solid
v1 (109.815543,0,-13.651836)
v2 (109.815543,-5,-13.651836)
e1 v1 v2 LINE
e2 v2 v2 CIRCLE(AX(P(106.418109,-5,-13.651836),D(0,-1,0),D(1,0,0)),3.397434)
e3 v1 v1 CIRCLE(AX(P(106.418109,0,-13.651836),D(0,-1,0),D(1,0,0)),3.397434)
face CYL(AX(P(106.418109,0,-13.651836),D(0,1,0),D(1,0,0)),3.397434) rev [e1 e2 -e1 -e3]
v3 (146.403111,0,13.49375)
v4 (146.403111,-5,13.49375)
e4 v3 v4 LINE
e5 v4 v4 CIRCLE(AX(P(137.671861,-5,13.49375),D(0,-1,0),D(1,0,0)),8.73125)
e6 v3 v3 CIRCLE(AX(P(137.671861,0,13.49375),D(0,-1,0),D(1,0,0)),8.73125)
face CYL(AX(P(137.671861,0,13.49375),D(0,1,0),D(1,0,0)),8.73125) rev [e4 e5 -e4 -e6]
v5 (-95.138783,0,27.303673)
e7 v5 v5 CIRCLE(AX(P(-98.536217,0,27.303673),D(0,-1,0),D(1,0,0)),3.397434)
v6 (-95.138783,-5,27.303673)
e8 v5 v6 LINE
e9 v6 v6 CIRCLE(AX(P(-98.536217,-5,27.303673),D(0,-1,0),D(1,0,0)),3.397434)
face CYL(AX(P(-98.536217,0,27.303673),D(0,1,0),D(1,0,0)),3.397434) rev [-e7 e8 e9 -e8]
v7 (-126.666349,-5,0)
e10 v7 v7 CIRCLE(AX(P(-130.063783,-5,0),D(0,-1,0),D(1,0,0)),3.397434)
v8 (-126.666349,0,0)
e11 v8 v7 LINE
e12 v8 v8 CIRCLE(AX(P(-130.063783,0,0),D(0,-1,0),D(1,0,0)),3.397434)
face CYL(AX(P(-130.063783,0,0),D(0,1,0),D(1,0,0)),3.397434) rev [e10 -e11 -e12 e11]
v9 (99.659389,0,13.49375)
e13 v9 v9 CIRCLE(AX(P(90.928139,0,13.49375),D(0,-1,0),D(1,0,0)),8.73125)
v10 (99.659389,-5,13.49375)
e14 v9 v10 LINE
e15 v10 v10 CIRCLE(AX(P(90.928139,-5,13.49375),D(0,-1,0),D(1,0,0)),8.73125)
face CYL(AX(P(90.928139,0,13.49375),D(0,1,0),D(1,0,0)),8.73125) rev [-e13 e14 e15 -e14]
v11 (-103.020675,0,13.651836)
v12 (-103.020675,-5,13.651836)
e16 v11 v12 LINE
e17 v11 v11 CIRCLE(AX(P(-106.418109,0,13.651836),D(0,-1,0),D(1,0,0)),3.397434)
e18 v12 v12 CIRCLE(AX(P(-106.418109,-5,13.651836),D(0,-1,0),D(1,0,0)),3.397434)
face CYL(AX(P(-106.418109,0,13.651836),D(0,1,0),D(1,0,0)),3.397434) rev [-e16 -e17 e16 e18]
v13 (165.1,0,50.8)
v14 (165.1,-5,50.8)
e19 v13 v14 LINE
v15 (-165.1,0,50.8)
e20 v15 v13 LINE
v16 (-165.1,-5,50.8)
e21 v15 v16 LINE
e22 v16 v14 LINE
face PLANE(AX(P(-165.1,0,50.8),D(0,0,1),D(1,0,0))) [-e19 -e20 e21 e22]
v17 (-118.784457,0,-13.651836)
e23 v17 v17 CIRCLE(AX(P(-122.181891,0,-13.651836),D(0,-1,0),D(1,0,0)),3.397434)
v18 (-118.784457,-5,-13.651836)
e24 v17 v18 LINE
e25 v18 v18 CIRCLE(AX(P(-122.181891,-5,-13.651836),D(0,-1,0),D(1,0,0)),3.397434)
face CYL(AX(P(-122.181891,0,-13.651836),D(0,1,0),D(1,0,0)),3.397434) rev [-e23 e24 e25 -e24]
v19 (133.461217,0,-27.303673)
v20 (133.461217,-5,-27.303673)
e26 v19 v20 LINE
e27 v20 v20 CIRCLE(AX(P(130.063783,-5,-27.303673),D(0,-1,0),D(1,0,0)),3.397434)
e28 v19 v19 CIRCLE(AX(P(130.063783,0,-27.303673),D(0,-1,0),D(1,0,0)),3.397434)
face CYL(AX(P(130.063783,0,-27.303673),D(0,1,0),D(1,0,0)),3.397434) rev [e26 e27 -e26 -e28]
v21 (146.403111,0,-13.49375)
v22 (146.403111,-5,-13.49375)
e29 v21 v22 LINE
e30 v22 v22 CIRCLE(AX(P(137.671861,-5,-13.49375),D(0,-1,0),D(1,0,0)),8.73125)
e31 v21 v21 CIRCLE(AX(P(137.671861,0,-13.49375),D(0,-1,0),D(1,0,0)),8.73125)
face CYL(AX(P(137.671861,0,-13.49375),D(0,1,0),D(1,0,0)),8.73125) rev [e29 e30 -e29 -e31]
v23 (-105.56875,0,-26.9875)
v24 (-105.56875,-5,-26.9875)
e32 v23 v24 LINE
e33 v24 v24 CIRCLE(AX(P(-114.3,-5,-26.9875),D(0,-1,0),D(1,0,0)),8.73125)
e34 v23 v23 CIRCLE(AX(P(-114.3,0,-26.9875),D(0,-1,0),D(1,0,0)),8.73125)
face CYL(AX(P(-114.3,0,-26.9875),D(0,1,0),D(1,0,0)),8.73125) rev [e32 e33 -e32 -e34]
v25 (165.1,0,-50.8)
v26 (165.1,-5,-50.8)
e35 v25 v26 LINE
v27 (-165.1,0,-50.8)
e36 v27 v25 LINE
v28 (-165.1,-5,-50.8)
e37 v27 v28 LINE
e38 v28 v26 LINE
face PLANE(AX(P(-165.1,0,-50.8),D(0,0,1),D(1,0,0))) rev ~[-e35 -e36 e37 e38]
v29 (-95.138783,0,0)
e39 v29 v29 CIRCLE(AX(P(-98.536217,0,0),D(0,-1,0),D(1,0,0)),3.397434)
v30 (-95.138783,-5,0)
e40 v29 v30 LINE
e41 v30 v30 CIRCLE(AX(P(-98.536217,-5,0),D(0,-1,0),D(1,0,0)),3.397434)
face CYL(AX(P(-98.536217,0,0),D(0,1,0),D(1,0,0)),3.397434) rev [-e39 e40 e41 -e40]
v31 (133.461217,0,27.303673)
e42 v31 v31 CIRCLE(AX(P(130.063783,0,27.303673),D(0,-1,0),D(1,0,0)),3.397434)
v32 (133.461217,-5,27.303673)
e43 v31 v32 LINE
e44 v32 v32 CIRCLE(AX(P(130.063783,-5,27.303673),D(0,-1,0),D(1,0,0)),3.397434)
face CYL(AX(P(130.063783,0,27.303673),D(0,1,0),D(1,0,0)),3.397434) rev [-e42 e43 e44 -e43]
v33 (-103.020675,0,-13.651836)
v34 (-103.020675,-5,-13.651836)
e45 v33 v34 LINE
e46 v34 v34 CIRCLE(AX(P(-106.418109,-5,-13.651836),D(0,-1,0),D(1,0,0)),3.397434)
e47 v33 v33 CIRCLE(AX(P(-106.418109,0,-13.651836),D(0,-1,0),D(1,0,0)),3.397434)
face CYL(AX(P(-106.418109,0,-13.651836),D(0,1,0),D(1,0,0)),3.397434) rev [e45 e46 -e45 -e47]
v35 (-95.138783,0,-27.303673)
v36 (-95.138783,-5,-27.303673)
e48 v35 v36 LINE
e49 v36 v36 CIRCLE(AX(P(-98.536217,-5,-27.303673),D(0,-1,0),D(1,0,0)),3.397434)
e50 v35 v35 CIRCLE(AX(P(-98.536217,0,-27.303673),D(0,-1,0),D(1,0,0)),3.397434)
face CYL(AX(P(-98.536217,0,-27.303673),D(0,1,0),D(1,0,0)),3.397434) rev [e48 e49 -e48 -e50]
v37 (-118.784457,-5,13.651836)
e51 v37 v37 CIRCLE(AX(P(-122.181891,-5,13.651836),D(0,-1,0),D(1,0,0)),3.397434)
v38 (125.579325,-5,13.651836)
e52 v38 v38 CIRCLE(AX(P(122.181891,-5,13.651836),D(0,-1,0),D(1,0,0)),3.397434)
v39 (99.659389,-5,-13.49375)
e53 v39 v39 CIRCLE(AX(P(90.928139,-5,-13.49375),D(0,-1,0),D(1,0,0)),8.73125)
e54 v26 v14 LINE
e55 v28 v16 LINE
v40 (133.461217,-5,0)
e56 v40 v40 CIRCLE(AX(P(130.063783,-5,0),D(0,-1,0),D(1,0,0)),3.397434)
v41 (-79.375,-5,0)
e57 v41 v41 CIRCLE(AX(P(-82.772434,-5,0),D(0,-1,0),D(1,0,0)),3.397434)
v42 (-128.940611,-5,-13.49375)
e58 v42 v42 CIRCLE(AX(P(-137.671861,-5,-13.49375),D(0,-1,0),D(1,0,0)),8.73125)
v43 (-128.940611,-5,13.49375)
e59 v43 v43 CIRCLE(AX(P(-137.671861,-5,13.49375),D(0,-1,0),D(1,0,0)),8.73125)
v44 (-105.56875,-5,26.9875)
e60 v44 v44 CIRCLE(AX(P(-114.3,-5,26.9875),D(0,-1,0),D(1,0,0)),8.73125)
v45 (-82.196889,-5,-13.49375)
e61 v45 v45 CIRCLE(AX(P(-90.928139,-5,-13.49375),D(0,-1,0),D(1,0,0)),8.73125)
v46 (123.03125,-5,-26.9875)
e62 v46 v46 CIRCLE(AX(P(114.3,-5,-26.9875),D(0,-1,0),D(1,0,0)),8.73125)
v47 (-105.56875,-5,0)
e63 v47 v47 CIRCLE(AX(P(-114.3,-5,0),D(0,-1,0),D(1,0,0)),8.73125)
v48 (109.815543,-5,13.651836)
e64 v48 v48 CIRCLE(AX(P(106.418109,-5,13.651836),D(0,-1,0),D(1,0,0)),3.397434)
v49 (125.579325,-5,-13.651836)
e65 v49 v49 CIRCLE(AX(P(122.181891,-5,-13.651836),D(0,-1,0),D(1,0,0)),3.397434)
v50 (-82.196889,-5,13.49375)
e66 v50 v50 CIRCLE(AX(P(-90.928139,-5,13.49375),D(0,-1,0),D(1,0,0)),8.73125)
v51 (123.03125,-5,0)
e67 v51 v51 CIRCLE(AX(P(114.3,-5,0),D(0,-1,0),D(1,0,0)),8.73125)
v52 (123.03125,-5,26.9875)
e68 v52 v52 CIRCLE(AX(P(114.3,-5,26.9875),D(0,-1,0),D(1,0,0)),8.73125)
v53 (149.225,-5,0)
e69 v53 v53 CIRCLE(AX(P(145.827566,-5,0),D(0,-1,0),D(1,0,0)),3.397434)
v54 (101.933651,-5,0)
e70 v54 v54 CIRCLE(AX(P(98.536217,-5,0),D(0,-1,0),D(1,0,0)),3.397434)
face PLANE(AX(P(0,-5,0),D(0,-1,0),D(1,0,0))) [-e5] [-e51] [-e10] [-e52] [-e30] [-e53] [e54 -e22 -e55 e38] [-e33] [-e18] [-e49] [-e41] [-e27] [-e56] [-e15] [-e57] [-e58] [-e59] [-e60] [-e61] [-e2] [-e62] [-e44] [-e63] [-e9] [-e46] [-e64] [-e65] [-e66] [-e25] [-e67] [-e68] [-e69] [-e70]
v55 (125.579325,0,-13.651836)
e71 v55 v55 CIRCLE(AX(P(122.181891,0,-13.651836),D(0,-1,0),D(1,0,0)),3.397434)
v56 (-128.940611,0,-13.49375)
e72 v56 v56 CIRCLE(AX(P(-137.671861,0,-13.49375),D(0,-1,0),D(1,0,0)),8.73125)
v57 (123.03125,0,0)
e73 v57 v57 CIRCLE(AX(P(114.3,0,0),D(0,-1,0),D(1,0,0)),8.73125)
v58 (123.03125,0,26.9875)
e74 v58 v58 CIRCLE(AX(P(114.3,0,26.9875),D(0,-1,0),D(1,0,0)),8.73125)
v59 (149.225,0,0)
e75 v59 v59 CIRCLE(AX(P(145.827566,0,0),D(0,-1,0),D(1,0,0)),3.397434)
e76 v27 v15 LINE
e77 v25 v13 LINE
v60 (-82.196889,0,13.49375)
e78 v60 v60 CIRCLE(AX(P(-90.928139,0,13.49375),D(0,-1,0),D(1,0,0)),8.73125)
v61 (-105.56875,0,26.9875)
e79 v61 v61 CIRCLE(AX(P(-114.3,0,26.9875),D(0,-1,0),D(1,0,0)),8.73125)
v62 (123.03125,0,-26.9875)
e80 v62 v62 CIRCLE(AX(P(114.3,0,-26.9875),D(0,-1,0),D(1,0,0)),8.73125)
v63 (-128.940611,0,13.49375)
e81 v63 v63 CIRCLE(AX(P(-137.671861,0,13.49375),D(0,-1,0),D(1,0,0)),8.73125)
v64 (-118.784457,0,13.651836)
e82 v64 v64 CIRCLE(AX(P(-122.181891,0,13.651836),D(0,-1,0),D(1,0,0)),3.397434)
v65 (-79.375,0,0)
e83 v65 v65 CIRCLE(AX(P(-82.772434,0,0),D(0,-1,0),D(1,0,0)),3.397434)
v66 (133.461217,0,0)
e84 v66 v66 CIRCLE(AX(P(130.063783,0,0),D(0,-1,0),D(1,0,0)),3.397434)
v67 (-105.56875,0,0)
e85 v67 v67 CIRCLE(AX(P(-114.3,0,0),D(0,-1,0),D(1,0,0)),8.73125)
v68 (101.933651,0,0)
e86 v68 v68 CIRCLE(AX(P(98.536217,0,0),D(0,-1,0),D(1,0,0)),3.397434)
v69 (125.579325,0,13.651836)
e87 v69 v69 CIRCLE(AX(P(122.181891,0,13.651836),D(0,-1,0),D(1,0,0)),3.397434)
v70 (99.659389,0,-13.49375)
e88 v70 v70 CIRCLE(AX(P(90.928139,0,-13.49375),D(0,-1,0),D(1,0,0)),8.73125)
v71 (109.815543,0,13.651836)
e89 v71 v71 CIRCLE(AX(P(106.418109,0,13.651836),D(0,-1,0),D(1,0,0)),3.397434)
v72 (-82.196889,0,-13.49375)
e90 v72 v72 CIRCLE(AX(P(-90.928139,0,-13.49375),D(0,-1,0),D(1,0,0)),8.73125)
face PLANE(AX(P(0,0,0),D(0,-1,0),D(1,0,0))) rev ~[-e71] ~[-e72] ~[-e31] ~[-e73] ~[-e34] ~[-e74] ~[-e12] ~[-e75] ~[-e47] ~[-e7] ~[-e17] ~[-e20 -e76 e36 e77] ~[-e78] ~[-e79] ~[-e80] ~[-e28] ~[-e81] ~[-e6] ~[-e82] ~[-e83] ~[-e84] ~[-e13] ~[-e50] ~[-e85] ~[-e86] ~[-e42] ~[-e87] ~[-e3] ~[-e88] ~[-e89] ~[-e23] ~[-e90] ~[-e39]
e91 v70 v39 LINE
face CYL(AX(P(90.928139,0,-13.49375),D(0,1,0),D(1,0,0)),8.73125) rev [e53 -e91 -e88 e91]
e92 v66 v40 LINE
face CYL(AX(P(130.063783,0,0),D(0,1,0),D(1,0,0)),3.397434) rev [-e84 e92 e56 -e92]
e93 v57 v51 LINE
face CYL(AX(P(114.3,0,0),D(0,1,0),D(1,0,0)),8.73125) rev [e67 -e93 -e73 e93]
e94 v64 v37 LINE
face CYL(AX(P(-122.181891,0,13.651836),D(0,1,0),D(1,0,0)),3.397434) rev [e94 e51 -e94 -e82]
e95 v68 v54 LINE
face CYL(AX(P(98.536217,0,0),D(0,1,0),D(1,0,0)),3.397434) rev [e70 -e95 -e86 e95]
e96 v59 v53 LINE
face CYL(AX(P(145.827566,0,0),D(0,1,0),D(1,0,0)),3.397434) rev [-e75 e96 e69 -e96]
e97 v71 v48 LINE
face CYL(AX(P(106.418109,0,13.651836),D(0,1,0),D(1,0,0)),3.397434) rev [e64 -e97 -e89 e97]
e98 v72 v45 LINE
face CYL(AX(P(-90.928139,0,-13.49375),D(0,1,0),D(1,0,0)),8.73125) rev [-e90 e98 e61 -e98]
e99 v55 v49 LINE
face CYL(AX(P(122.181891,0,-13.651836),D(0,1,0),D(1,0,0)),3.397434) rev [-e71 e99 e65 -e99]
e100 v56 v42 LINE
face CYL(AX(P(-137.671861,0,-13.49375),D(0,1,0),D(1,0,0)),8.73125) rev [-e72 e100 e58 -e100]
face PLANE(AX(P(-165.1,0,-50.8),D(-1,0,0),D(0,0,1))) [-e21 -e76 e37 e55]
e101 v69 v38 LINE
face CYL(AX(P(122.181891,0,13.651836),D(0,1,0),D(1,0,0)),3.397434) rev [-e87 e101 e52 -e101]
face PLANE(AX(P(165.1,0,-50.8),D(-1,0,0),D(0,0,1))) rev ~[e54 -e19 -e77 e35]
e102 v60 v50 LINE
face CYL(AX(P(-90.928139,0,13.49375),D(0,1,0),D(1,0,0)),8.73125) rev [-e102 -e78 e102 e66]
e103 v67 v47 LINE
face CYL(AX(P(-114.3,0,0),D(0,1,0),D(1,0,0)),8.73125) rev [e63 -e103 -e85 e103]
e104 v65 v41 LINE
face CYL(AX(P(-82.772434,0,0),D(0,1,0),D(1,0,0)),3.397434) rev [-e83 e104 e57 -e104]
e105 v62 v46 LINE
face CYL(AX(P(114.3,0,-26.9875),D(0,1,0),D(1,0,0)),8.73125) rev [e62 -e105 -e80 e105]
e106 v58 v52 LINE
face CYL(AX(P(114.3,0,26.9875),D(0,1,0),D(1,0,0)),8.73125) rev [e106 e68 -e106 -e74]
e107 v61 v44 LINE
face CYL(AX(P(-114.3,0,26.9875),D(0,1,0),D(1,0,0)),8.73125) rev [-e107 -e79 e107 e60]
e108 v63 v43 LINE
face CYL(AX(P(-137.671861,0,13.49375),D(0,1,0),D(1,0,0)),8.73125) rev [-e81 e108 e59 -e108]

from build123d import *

# Parameters (mm, degrees)
F1_W     = 330.2
F1_H     = 101.6
F1_R     = 8.73125
F1_R_2   = 3.397434
F2_DEPTH = 5


with BuildPart() as f2:
    # F1 (on Front) → F2 (new body)
    with BuildSketch(Plane.XZ):
        Rectangle(F1_W, F1_H)
        with Locations((-114.3, -26.9875)):
            Circle(F1_R, mode=Mode.SUBTRACT)
        with Locations((-98.536217, -27.303673)):
            Circle(F1_R_2, mode=Mode.SUBTRACT)
        with Locations((-137.671861, -13.49375)):
            Circle(F1_R, mode=Mode.SUBTRACT)
        with Locations((-122.181891, -13.651836)):
            Circle(F1_R_2, mode=Mode.SUBTRACT)
        with Locations((-106.418109, -13.651836)):
            Circle(F1_R_2, mode=Mode.SUBTRACT)
        with Locations((-90.928139, -13.49375)):
            Circle(F1_R, mode=Mode.SUBTRACT)
        with Locations((-130.063783, 0)):
            Circle(F1_R_2, mode=Mode.SUBTRACT)
        with Locations((-114.3, 0)):
            Circle(F1_R, mode=Mode.SUBTRACT)
        with Locations((-98.536217, 0)):
            Circle(F1_R_2, mode=Mode.SUBTRACT)
        with Locations((-82.772434, 0)):
            Circle(F1_R_2, mode=Mode.SUBTRACT)
        with Locations((114.3, -26.9875)):
            Circle(F1_R, mode=Mode.SUBTRACT)
        with Locations((130.063783, -27.303673)):
            Circle(F1_R_2, mode=Mode.SUBTRACT)
        with Locations((90.928139, -13.49375)):
            Circle(F1_R, mode=Mode.SUBTRACT)
        with Locations((106.418109, -13.651836)):
            Circle(F1_R_2, mode=Mode.SUBTRACT)
        with Locations((122.181891, -13.651836)):
            Circle(F1_R_2, mode=Mode.SUBTRACT)
        with Locations((137.671861, -13.49375)):
            Circle(F1_R, mode=Mode.SUBTRACT)
        with Locations((98.536217, 0)):
            Circle(F1_R_2, mode=Mode.SUBTRACT)
        with Locations((114.3, 0)):
            Circle(F1_R, mode=Mode.SUBTRACT)
        with Locations((130.063783, 0)):
            Circle(F1_R_2, mode=Mode.SUBTRACT)
        with Locations((145.827566, 0)):
            Circle(F1_R_2, mode=Mode.SUBTRACT)
        with Locations((-137.671861, 13.49375)):
            Circle(F1_R, mode=Mode.SUBTRACT)
        with Locations((-122.181891, 13.651836)):
            Circle(F1_R_2, mode=Mode.SUBTRACT)
        with Locations((-106.418109, 13.651836)):
            Circle(F1_R_2, mode=Mode.SUBTRACT)
        with Locations((-90.928139, 13.49375)):
            Circle(F1_R, mode=Mode.SUBTRACT)
        with Locations((-114.3, 26.9875)):
            Circle(F1_R, mode=Mode.SUBTRACT)
        with Locations((-98.536217, 27.303673)):
            Circle(F1_R_2, mode=Mode.SUBTRACT)
        with Locations((90.928139, 13.49375)):
            Circle(F1_R, mode=Mode.SUBTRACT)
        with Locations((106.418109, 13.651836)):
            Circle(F1_R_2, mode=Mode.SUBTRACT)
        with Locations((122.181891, 13.651836)):
            Circle(F1_R_2, mode=Mode.SUBTRACT)
        with Locations((137.671861, 13.49375)):
            Circle(F1_R, mode=Mode.SUBTRACT)
        with Locations((114.3, 26.9875)):
            Circle(F1_R, mode=Mode.SUBTRACT)
        with Locations((130.063783, 27.303673)):
            Circle(F1_R_2, mode=Mode.SUBTRACT)
    extrude(amount=F2_DEPTH)


solid = f2.part
